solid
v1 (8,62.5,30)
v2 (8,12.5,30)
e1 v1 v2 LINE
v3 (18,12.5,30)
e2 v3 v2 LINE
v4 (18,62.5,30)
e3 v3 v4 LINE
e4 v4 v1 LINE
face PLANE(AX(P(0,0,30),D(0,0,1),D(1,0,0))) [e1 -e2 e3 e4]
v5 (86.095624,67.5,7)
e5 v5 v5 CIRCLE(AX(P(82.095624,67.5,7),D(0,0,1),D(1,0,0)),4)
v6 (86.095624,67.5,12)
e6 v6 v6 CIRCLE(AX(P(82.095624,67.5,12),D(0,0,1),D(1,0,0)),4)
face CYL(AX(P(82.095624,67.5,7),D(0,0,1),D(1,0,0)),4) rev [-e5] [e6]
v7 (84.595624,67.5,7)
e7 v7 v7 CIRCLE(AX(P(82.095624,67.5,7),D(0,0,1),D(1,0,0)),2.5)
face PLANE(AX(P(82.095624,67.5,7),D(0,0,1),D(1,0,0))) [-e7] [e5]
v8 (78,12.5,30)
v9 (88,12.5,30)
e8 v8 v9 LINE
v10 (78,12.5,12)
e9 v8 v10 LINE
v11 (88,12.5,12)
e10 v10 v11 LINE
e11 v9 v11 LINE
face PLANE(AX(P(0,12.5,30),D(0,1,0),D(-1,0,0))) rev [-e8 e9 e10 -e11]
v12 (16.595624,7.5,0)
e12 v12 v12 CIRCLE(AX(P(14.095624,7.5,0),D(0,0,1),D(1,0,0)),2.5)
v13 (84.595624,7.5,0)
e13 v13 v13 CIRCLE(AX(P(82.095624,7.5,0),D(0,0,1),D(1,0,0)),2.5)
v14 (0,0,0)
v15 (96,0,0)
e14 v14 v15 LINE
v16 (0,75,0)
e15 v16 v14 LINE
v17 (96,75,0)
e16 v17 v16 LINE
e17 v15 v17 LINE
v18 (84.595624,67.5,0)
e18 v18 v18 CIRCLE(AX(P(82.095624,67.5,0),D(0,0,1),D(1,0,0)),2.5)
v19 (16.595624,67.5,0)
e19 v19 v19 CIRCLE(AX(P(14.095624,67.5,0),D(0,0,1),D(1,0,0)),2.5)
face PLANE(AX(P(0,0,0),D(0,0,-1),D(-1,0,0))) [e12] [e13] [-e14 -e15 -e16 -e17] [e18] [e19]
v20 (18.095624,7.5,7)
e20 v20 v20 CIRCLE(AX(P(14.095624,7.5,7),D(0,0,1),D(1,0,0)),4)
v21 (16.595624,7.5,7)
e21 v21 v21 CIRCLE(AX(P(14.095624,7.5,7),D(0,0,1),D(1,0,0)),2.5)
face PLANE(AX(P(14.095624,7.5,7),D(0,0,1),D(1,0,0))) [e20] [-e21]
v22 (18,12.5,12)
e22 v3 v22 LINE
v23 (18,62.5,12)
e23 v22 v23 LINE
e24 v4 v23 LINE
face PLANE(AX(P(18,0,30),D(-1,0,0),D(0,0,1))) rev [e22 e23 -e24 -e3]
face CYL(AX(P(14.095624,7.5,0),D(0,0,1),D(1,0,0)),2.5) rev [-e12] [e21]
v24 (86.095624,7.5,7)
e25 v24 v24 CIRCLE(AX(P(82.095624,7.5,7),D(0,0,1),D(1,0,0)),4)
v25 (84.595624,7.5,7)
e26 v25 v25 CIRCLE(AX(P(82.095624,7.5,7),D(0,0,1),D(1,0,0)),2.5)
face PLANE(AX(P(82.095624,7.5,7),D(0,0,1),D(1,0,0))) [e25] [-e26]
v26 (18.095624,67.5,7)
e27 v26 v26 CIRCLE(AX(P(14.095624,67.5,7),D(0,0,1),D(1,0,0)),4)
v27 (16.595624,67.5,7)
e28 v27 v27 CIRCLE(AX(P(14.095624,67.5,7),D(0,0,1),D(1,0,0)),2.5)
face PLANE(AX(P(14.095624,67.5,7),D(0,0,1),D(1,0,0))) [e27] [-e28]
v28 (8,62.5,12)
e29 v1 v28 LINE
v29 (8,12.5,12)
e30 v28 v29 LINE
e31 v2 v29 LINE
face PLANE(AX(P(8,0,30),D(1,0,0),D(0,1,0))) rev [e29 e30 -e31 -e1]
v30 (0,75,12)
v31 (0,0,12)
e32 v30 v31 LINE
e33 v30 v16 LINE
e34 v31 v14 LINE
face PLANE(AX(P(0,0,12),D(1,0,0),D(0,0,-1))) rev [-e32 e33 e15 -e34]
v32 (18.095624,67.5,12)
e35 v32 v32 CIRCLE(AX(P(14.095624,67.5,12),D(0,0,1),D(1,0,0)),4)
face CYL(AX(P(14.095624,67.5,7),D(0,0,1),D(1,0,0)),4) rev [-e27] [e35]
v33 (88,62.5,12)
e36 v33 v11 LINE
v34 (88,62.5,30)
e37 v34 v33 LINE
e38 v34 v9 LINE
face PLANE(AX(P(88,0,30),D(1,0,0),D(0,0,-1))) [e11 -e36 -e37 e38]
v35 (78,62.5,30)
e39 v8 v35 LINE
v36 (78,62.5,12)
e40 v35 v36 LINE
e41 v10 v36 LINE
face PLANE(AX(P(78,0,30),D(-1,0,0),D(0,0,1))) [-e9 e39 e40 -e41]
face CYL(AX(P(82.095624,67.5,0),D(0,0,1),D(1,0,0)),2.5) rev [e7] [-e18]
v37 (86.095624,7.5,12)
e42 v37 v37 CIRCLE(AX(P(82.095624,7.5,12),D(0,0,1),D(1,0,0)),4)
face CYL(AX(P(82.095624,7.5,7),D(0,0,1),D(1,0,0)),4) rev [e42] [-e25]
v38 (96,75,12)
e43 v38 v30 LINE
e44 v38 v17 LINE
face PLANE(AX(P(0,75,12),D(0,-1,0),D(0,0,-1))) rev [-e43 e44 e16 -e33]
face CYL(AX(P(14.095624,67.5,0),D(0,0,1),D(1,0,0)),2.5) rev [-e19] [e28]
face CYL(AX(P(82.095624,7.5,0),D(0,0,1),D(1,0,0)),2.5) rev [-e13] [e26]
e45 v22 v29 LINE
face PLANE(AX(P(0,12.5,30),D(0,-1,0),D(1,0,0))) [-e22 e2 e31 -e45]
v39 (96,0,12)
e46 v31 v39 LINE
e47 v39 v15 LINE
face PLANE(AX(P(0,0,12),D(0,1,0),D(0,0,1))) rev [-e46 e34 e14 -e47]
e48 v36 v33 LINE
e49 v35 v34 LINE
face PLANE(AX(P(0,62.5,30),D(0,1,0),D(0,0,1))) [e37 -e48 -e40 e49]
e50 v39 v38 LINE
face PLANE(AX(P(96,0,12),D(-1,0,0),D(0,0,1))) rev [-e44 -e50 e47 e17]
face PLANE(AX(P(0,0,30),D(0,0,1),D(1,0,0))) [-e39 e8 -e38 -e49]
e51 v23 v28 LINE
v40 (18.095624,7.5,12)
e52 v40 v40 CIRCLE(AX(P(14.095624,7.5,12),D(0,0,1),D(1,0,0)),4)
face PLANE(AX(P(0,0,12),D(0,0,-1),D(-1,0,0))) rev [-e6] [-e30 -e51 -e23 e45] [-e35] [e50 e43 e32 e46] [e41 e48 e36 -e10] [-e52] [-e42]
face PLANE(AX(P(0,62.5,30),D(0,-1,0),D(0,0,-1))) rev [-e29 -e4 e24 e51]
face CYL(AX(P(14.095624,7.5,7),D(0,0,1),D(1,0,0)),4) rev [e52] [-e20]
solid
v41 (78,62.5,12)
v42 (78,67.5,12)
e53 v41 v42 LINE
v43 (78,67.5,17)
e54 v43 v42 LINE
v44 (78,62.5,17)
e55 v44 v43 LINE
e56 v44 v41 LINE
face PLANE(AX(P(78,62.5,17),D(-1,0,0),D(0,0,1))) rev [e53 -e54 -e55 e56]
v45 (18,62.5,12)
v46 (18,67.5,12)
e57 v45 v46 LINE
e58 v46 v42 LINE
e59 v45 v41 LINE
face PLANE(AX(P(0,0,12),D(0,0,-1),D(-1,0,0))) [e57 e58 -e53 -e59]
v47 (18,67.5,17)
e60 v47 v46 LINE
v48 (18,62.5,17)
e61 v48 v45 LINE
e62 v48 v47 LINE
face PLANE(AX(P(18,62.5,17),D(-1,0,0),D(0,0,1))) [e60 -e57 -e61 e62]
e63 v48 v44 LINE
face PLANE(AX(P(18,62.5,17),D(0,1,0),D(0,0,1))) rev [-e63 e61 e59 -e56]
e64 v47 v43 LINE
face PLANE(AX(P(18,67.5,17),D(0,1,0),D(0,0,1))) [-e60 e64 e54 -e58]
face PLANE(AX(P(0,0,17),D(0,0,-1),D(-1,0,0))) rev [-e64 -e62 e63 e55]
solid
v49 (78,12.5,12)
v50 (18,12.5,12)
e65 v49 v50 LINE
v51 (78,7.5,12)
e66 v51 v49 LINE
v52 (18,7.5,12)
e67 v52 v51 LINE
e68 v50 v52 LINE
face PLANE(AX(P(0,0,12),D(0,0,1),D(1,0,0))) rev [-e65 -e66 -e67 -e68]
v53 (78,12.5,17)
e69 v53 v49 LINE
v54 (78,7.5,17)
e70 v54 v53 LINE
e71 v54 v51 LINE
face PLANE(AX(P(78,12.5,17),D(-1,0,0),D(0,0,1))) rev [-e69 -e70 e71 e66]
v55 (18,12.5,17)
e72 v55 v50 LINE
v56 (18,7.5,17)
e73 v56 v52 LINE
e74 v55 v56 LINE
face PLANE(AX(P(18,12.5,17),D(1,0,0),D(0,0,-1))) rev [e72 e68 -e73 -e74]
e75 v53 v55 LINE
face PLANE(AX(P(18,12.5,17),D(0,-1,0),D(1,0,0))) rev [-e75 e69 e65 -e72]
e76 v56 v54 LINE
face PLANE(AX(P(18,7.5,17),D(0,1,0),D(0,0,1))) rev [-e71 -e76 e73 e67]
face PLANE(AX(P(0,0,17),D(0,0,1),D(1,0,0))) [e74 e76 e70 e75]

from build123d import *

# Parameters (mm, degrees)
SKETCH_1_W          = 96
SKETCH_1_H          = 75
EXTRUDE_1_DEPTH     = 12
SKETCH_2_R          = 4
CUT_EXTRUDE_1_DEPTH = 5
SKETCH_3_R          = 2.5
CUT_EXTRUDE_2_DEPTH = 123.413234579
SKETCH_4_W          = 10
SKETCH_4_H          = 50
EXTRUDE_2_DEPTH     = 18
SKETCH_5_W          = 60
SKETCH_5_H          = 5
EXTRUDE_7_DEPTH     = 5
SKETCH_6_W          = 60
SKETCH_6_H          = 5
EXTRUDE_8_DEPTH     = 5


with BuildPart() as part:
    # 스케치1 → 보스-돌출1 (new body)
    with BuildSketch(Plane.XY):
        with Locations((48, 37.5)):
            Rectangle(SKETCH_1_W, SKETCH_1_H)
    extrude(amount=EXTRUDE_1_DEPTH)

    # 스케치2 → 컷-돌출1 (cut)
    with BuildSketch(Plane.XY.offset(12)):
        with Locations((14.09562434, 67.5)):
            Circle(SKETCH_2_R)
        with Locations((82.09562434, 67.5)):
            Circle(SKETCH_2_R)
        with Locations((82.09562434, 7.5)):
            Circle(SKETCH_2_R)
        with Locations((14.09562434, 7.5)):
            Circle(SKETCH_2_R)
    extrude(amount=-CUT_EXTRUDE_1_DEPTH, mode=Mode.SUBTRACT)

    # 스케치3 → 컷-돌출2 (cut, through all)
    with BuildSketch(Plane.XY.offset(12)):
        with Locations((14.09562434, 67.5)):
            Circle(SKETCH_3_R)
        with Locations((82.09562434, 67.5)):
            Circle(SKETCH_3_R)
        with Locations((82.09562434, 7.5)):
            Circle(SKETCH_3_R)
        with Locations((14.09562434, 7.5)):
            Circle(SKETCH_3_R)
    extrude(amount=-CUT_EXTRUDE_2_DEPTH, mode=Mode.SUBTRACT)

    # 스케치4 → 보스-돌출2 (add)
    with BuildSketch(Plane.XY.offset(12)):
        with Locations((13, 37.5)):
            Rectangle(SKETCH_4_W, SKETCH_4_H)
        with Locations((83, 37.5)):
            Rectangle(SKETCH_4_W, SKETCH_4_H)
    extrude(amount=EXTRUDE_2_DEPTH)


with BuildPart() as body_2:
    # 스케치5 → 보스-돌출7 (new body)
    with BuildSketch(Plane.XY.offset(12)):
        with Locations((48, 65)):
            Rectangle(SKETCH_5_W, SKETCH_5_H)
    extrude(amount=EXTRUDE_7_DEPTH)


with BuildPart() as body_3:
    # 스케치6 → 보스-돌출8 (new body)
    with BuildSketch(Plane.XY.offset(12)):
        with Locations((48, 10)):
            Rectangle(SKETCH_6_W, SKETCH_6_H)
    extrude(amount=EXTRUDE_8_DEPTH)


solid = Compound([part.part, body_2.part, body_3.part])
